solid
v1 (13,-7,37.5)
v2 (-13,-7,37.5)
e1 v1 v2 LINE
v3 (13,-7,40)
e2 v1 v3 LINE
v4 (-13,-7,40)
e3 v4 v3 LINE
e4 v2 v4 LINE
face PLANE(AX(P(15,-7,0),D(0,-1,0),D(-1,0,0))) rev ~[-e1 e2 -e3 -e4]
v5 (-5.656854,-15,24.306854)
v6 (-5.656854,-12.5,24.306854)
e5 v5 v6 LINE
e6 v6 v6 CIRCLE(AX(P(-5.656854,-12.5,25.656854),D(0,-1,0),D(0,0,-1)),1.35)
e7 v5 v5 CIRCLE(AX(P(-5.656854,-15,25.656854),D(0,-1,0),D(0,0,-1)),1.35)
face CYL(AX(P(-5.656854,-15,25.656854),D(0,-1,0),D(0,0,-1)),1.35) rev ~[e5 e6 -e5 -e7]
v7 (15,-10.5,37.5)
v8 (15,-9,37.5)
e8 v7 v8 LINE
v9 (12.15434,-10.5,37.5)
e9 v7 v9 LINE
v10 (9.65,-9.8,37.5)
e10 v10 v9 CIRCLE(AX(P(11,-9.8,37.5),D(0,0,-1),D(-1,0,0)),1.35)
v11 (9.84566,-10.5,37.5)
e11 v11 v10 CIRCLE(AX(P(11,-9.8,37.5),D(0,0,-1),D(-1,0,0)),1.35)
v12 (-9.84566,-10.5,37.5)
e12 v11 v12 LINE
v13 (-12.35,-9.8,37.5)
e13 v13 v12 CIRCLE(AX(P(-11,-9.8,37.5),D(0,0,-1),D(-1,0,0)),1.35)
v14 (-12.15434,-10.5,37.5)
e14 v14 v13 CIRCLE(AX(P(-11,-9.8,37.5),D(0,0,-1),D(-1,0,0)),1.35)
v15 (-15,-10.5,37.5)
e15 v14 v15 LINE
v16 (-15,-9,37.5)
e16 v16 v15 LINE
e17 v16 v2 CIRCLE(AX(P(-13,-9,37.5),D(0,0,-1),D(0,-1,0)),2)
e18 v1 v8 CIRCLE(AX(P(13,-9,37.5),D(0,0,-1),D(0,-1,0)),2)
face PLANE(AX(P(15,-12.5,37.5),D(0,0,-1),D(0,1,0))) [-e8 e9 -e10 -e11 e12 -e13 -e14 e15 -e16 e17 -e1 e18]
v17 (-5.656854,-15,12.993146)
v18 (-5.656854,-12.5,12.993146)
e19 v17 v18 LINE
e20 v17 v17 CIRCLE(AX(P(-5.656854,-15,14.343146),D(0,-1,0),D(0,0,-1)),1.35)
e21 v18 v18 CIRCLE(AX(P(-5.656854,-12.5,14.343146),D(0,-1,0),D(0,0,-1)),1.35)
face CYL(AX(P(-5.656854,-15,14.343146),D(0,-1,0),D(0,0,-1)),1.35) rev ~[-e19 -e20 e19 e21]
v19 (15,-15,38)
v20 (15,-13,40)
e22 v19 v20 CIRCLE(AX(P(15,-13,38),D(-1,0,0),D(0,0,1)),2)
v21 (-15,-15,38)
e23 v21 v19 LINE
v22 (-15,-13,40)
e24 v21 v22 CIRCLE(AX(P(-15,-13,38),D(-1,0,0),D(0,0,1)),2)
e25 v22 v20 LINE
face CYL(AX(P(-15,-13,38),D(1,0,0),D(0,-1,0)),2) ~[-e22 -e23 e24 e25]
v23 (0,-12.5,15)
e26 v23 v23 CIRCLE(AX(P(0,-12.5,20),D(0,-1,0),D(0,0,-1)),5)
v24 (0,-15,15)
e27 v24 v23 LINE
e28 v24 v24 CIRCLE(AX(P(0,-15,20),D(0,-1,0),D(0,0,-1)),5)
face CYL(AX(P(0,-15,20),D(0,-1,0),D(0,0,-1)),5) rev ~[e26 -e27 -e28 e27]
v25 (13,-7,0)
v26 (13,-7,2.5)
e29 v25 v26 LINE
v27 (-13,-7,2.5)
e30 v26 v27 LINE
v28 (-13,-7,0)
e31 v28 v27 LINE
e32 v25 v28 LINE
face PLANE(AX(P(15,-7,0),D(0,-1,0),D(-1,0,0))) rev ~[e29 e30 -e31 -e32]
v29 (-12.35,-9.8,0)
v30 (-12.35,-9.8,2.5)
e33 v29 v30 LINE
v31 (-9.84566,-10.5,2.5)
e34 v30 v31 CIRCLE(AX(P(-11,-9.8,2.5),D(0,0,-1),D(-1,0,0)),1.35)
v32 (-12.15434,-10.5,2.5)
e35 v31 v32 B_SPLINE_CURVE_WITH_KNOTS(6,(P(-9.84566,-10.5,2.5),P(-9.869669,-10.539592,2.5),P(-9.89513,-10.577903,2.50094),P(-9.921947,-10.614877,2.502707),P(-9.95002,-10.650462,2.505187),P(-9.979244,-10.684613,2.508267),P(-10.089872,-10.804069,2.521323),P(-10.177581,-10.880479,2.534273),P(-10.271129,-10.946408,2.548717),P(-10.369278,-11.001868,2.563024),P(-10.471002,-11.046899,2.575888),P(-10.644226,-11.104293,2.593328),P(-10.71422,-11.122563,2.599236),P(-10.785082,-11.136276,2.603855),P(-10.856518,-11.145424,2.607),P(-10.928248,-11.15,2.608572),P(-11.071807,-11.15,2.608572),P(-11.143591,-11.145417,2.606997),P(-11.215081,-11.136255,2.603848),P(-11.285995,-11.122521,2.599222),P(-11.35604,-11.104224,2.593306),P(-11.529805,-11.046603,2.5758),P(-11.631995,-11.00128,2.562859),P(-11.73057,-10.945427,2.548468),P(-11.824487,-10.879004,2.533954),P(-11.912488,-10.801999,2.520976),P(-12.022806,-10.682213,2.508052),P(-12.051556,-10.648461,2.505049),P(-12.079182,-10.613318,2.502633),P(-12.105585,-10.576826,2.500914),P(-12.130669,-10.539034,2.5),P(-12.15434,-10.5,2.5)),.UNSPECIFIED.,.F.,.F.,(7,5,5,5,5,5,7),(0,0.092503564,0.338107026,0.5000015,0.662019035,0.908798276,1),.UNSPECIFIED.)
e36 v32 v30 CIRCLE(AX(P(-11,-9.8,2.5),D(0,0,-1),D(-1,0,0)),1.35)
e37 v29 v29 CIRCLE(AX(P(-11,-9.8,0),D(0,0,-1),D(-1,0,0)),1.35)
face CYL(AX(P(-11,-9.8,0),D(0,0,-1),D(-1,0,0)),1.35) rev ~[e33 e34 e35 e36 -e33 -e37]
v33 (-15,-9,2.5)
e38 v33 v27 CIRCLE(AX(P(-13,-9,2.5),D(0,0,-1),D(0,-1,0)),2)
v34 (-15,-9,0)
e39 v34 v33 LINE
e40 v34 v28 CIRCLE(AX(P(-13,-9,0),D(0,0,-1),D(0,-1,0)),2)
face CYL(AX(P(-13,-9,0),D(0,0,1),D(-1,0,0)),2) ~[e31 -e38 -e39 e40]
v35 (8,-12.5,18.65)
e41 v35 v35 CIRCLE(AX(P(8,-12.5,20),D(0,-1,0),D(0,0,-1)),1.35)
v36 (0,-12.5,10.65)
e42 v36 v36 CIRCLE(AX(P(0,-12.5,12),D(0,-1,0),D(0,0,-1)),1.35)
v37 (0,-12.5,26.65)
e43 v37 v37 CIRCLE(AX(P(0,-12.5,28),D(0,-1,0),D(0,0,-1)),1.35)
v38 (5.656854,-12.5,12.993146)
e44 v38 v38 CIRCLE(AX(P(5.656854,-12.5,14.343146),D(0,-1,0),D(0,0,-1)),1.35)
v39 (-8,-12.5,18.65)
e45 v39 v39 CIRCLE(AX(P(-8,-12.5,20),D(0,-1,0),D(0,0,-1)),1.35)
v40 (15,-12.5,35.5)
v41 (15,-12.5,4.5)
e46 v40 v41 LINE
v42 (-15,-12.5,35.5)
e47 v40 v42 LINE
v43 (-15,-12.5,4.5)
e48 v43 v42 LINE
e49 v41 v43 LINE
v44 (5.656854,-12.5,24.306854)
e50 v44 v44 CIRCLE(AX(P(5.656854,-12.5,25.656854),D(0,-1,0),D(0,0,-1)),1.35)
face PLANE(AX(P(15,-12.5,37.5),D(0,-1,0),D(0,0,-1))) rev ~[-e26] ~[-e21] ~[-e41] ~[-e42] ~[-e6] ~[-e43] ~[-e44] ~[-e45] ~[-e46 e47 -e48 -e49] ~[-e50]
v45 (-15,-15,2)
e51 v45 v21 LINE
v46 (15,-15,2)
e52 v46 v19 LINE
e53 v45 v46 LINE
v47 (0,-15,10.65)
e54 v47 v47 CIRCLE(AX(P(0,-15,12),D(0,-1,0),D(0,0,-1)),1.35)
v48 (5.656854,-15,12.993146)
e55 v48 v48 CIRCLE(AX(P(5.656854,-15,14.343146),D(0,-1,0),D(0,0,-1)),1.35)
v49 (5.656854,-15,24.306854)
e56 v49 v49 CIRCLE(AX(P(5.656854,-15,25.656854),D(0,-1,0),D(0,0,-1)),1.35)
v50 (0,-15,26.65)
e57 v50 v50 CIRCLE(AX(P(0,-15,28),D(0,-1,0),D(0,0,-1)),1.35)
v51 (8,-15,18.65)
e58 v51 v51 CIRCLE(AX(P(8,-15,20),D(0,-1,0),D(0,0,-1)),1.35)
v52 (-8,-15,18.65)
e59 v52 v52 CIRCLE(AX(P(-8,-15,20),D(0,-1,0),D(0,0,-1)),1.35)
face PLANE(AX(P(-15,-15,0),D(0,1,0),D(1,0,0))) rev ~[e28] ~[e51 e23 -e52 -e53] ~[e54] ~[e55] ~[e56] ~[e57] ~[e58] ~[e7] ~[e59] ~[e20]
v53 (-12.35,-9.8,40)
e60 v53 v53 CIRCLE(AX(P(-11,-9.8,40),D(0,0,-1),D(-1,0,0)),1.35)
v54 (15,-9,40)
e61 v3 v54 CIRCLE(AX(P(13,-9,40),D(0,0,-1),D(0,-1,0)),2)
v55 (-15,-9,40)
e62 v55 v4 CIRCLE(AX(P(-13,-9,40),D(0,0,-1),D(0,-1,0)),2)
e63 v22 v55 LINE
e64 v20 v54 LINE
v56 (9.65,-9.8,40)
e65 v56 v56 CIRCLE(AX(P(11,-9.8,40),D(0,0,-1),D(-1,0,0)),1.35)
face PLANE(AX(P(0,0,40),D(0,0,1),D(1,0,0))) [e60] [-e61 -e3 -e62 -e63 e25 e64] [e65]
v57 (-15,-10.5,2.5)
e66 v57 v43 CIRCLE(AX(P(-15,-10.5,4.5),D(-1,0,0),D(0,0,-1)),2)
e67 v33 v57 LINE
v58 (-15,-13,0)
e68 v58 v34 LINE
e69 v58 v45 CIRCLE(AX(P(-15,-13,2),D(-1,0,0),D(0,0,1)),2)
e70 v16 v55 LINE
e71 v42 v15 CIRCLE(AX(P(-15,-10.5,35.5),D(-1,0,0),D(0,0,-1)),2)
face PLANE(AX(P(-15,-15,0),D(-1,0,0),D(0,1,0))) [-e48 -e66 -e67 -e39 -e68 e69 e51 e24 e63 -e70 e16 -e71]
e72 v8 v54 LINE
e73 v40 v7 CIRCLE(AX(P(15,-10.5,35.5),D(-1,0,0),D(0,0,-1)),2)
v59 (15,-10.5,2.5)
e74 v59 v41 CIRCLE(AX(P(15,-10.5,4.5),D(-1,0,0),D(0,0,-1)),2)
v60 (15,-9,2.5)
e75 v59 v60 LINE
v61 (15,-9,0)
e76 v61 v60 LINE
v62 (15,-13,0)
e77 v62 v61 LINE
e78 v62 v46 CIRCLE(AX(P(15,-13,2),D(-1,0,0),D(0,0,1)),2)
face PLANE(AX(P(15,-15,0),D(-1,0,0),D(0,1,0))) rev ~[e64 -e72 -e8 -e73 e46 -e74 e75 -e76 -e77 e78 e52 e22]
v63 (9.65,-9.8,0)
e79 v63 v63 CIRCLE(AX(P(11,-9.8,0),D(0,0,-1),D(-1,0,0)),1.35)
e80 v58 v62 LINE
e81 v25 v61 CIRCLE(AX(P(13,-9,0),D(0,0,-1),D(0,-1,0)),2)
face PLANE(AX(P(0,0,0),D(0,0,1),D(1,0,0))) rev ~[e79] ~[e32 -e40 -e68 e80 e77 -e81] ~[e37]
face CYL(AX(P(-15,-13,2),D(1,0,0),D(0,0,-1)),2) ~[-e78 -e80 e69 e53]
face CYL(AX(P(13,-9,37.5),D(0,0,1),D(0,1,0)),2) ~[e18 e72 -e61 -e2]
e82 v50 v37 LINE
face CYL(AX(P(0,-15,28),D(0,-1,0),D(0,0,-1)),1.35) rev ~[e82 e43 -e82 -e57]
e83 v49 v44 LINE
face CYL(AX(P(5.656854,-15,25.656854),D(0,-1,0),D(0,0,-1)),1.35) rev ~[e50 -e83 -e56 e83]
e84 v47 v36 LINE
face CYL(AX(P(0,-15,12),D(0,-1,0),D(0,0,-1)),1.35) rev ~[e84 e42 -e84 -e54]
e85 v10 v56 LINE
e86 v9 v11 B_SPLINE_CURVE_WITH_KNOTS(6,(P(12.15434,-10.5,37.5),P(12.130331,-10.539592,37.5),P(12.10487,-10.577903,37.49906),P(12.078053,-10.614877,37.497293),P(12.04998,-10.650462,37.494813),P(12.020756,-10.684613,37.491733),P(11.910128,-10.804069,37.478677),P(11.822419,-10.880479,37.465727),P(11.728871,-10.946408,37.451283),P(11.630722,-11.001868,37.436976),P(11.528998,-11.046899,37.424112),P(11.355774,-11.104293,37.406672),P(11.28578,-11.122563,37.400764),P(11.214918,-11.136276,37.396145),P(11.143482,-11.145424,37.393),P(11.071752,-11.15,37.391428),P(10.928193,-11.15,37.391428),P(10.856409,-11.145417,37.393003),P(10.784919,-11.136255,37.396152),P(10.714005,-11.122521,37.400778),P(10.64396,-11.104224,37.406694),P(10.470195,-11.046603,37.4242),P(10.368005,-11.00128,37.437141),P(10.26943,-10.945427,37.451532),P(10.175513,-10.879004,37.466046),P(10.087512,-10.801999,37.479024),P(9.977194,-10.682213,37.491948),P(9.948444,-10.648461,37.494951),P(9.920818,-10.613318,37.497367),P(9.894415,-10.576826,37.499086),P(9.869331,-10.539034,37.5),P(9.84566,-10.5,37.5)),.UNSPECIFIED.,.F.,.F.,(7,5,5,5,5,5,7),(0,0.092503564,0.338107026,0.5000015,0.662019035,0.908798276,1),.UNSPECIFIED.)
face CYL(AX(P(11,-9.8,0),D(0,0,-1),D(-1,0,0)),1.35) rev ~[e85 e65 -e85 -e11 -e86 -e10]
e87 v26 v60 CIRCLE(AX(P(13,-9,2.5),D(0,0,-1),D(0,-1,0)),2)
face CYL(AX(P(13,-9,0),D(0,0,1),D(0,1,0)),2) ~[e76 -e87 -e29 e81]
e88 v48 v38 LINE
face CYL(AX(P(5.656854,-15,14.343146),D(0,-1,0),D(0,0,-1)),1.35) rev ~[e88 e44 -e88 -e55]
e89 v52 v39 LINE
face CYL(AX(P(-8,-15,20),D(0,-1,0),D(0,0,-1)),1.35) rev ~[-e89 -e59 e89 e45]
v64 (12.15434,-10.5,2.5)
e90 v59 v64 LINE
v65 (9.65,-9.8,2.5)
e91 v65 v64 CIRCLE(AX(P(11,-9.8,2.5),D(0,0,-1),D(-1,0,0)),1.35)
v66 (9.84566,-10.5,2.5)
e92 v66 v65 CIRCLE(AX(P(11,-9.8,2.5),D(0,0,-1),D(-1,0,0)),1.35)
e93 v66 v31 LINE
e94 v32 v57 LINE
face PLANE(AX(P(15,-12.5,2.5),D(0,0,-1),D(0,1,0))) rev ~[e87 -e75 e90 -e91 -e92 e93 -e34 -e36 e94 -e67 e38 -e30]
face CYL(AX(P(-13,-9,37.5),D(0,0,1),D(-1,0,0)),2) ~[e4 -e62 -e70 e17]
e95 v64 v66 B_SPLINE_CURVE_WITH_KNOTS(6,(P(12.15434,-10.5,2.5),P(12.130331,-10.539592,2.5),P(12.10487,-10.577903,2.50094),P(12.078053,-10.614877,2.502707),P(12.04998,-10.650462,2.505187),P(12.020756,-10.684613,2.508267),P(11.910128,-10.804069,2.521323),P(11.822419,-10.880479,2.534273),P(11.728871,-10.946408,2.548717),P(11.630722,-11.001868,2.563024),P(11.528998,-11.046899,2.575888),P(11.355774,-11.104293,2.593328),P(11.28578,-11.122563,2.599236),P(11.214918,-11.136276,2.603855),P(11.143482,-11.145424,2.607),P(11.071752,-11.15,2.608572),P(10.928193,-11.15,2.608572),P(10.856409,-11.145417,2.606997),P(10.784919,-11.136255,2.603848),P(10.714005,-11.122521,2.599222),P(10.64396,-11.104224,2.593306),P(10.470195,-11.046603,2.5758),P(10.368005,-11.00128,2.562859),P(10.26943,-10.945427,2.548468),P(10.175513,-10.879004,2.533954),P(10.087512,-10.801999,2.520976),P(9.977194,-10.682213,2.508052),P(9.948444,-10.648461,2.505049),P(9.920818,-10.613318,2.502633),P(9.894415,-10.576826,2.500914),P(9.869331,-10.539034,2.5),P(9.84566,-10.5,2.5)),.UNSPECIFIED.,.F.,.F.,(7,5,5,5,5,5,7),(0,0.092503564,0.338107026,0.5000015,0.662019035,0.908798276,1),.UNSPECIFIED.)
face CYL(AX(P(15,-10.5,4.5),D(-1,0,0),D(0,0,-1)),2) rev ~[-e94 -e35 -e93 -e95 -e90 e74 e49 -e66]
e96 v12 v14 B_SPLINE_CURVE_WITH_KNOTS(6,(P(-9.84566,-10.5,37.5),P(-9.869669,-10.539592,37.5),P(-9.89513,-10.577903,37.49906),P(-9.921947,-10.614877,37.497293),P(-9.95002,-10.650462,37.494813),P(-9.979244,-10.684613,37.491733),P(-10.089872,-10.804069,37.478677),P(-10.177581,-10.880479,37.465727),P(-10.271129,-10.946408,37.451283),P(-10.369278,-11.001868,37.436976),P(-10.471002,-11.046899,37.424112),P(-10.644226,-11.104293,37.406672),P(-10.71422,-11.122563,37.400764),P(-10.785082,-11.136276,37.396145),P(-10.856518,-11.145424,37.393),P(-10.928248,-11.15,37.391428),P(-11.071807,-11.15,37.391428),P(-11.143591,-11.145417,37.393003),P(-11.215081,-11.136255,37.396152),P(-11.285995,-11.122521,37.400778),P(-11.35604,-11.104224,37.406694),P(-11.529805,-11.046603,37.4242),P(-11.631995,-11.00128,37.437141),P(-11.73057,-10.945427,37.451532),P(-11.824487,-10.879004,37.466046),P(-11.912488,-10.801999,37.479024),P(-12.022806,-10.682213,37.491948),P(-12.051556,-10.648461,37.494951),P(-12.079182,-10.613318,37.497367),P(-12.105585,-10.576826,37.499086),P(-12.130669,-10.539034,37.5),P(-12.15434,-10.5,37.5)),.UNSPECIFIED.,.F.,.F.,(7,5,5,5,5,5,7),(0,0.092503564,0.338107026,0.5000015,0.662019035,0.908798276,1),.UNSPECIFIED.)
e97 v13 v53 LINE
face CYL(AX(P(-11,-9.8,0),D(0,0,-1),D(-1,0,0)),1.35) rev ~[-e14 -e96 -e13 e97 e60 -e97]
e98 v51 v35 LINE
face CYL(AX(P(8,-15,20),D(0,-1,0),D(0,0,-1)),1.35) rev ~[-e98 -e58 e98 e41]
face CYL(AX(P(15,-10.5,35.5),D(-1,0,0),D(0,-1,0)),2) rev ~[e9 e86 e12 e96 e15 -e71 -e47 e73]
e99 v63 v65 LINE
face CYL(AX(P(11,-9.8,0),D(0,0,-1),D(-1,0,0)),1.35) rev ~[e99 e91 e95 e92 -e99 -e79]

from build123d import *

# Parameters (mm, degrees)
ESBO_O1_W                = 30
ESBO_O1_H                = 30
RESSALTO_EXTRUS_O1_DEPTH = 40
ESBO_O2_W                = 35
ESBO_O2_H                = 27.5
CORTE_EXTRUS_O1_DEPTH    = 40
FILETE1_R                = 2
FILETE2_R                = 2
ESBO_O4_R                = 5
CORTE_EXTRUS_O3_DEPTH    = 53.201532545
ESBO_O5_R                = 1.35
CORTE_EXTRUS_O5_DEPTH    = 53.201532545
ESBO_O7_R                = 1.35
CORTE_EXTRUS_O6_DEPTH    = 46.276925691
ESBO_O8_W                = 30
ESBO_O8_H                = 22
CORTE_EXTRUS_O8_DEPTH    = 46.276925691
FILETE3_R                = 2
ESBO_O10_R               = 1.35
CORTE_EXTRUS_O9_DEPTH    = 46.276925691


with BuildPart() as part:
    # Esboço1 → Ressalto-extrusão1 (new body)
    with BuildSketch(Plane.XY):
        Rectangle(ESBO_O1_W, ESBO_O1_H)
    extrude(amount=RESSALTO_EXTRUS_O1_DEPTH)

    # Esboço2 → Corte-extrusão1 (cut)
    with BuildSketch(Plane(origin=(15, 0, 0), x_dir=(0, 0, -1), z_dir=(1, 0, 0))):
        with Locations((-20, 1.25)):
            Rectangle(ESBO_O2_W, ESBO_O2_H)
    extrude(amount=-CORTE_EXTRUS_O1_DEPTH, mode=Mode.SUBTRACT)

    # Filete1
    filete1_edges = [part.edges().sort_by_distance(p)[0] for p in [
        (-15, 15, 1.25),
        (15, 15, 1.25),
        (-15, 15, 38.75),
        (15, 15, 38.75),
    ]]
    fillet(filete1_edges, radius=FILETE1_R)

    # Filete2
    filete2_edges = [part.edges().sort_by_distance(p)[0] for p in [
        (0, -15, 40),
        (0, -12.5, 2.5),
        (0, -12.5, 37.5),
        (0, -15, 0),
    ]]
    fillet(filete2_edges, radius=FILETE2_R)

    # Esboço4 → Corte-extrusão3 (cut, through all)
    with BuildSketch(Plane(origin=(0, -15, 0), x_dir=(-1, 0, 0), z_dir=(0, -1, 0))):
        with Locations(Location((0, -20, 0), (0, 0, 90))):
            Circle(ESBO_O4_R)
    extrude(amount=-CORTE_EXTRUS_O3_DEPTH, mode=Mode.SUBTRACT)

    # Esboço5 → Corte-extrusão5 (cut, through all)
    with BuildSketch(Plane(origin=(0, -15, 0), x_dir=(-1, 0, 0), z_dir=(0, -1, 0))):
        with Locations(Location((0, -28, 0), (0, 0, 90))):
            Circle(ESBO_O5_R)
        with Locations(Location((-5.656854249, -25.656854249, 0), (0, 0, 90))):
            Circle(ESBO_O5_R)
        with Locations(Location((-8, -20, 0), (0, 0, 90))):
            Circle(ESBO_O5_R)
        with Locations(Location((-5.656854251, -14.343145752, 0), (0, 0, 90))):
            Circle(ESBO_O5_R)
        with Locations(Location((0, -12, 0), (0, 0, 90))):
            Circle(ESBO_O5_R)
        with Locations(Location((5.656854251, -14.343145752, 0), (0, 0, 90))):
            Circle(ESBO_O5_R)
        with Locations(Location((8, -20, 0), (0, 0, 90))):
            Circle(ESBO_O5_R)
        with Locations(Location((5.656854249, -25.656854249, 0), (0, 0, 90))):
            Circle(ESBO_O5_R)
    extrude(amount=-CORTE_EXTRUS_O5_DEPTH, mode=Mode.SUBTRACT)

    # Esboço7 → Corte-extrusão6 (cut, through all)
    with BuildSketch(Plane(origin=(0, 0, 0), x_dir=(-1, 0, 0), z_dir=(0, 0, -1))):
        with Locations((-11, 12.2)):
            Circle(ESBO_O7_R)
        with Locations((11, 12.2)):
            Circle(ESBO_O7_R)
    extrude(amount=-CORTE_EXTRUS_O6_DEPTH, mode=Mode.SUBTRACT)

    # Esboço8 → Corte-extrusão8 (cut, through all)
    with BuildSketch(Plane(origin=(0, 0, 0), x_dir=(-1, 0, 0), z_dir=(0, 0, -1))):
        with Locations((0, 4)):
            Rectangle(ESBO_O8_W, ESBO_O8_H)
    extrude(amount=-CORTE_EXTRUS_O8_DEPTH, mode=Mode.SUBTRACT)

    # Filete3
    filete3_edges = [part.edges().sort_by_distance(p)[0] for p in [
        (-15, -7, 38.75),
        (-15, -7, 1.25),
        (15, -7, 38.75),
        (15, -7, 1.25),
    ]]
    fillet(filete3_edges, radius=FILETE3_R)

    # Esboço10 → Corte-extrusão9 (cut, through all)
    with BuildSketch(Plane(origin=(0, 0, 0), x_dir=(-1, 0, 0), z_dir=(0, 0, -1))):
        with Locations((-11, -9.8)):
            Circle(ESBO_O10_R)
        with Locations((11, -9.8)):
            Circle(ESBO_O10_R)
    extrude(amount=-CORTE_EXTRUS_O9_DEPTH, mode=Mode.SUBTRACT)


solid = part.part
